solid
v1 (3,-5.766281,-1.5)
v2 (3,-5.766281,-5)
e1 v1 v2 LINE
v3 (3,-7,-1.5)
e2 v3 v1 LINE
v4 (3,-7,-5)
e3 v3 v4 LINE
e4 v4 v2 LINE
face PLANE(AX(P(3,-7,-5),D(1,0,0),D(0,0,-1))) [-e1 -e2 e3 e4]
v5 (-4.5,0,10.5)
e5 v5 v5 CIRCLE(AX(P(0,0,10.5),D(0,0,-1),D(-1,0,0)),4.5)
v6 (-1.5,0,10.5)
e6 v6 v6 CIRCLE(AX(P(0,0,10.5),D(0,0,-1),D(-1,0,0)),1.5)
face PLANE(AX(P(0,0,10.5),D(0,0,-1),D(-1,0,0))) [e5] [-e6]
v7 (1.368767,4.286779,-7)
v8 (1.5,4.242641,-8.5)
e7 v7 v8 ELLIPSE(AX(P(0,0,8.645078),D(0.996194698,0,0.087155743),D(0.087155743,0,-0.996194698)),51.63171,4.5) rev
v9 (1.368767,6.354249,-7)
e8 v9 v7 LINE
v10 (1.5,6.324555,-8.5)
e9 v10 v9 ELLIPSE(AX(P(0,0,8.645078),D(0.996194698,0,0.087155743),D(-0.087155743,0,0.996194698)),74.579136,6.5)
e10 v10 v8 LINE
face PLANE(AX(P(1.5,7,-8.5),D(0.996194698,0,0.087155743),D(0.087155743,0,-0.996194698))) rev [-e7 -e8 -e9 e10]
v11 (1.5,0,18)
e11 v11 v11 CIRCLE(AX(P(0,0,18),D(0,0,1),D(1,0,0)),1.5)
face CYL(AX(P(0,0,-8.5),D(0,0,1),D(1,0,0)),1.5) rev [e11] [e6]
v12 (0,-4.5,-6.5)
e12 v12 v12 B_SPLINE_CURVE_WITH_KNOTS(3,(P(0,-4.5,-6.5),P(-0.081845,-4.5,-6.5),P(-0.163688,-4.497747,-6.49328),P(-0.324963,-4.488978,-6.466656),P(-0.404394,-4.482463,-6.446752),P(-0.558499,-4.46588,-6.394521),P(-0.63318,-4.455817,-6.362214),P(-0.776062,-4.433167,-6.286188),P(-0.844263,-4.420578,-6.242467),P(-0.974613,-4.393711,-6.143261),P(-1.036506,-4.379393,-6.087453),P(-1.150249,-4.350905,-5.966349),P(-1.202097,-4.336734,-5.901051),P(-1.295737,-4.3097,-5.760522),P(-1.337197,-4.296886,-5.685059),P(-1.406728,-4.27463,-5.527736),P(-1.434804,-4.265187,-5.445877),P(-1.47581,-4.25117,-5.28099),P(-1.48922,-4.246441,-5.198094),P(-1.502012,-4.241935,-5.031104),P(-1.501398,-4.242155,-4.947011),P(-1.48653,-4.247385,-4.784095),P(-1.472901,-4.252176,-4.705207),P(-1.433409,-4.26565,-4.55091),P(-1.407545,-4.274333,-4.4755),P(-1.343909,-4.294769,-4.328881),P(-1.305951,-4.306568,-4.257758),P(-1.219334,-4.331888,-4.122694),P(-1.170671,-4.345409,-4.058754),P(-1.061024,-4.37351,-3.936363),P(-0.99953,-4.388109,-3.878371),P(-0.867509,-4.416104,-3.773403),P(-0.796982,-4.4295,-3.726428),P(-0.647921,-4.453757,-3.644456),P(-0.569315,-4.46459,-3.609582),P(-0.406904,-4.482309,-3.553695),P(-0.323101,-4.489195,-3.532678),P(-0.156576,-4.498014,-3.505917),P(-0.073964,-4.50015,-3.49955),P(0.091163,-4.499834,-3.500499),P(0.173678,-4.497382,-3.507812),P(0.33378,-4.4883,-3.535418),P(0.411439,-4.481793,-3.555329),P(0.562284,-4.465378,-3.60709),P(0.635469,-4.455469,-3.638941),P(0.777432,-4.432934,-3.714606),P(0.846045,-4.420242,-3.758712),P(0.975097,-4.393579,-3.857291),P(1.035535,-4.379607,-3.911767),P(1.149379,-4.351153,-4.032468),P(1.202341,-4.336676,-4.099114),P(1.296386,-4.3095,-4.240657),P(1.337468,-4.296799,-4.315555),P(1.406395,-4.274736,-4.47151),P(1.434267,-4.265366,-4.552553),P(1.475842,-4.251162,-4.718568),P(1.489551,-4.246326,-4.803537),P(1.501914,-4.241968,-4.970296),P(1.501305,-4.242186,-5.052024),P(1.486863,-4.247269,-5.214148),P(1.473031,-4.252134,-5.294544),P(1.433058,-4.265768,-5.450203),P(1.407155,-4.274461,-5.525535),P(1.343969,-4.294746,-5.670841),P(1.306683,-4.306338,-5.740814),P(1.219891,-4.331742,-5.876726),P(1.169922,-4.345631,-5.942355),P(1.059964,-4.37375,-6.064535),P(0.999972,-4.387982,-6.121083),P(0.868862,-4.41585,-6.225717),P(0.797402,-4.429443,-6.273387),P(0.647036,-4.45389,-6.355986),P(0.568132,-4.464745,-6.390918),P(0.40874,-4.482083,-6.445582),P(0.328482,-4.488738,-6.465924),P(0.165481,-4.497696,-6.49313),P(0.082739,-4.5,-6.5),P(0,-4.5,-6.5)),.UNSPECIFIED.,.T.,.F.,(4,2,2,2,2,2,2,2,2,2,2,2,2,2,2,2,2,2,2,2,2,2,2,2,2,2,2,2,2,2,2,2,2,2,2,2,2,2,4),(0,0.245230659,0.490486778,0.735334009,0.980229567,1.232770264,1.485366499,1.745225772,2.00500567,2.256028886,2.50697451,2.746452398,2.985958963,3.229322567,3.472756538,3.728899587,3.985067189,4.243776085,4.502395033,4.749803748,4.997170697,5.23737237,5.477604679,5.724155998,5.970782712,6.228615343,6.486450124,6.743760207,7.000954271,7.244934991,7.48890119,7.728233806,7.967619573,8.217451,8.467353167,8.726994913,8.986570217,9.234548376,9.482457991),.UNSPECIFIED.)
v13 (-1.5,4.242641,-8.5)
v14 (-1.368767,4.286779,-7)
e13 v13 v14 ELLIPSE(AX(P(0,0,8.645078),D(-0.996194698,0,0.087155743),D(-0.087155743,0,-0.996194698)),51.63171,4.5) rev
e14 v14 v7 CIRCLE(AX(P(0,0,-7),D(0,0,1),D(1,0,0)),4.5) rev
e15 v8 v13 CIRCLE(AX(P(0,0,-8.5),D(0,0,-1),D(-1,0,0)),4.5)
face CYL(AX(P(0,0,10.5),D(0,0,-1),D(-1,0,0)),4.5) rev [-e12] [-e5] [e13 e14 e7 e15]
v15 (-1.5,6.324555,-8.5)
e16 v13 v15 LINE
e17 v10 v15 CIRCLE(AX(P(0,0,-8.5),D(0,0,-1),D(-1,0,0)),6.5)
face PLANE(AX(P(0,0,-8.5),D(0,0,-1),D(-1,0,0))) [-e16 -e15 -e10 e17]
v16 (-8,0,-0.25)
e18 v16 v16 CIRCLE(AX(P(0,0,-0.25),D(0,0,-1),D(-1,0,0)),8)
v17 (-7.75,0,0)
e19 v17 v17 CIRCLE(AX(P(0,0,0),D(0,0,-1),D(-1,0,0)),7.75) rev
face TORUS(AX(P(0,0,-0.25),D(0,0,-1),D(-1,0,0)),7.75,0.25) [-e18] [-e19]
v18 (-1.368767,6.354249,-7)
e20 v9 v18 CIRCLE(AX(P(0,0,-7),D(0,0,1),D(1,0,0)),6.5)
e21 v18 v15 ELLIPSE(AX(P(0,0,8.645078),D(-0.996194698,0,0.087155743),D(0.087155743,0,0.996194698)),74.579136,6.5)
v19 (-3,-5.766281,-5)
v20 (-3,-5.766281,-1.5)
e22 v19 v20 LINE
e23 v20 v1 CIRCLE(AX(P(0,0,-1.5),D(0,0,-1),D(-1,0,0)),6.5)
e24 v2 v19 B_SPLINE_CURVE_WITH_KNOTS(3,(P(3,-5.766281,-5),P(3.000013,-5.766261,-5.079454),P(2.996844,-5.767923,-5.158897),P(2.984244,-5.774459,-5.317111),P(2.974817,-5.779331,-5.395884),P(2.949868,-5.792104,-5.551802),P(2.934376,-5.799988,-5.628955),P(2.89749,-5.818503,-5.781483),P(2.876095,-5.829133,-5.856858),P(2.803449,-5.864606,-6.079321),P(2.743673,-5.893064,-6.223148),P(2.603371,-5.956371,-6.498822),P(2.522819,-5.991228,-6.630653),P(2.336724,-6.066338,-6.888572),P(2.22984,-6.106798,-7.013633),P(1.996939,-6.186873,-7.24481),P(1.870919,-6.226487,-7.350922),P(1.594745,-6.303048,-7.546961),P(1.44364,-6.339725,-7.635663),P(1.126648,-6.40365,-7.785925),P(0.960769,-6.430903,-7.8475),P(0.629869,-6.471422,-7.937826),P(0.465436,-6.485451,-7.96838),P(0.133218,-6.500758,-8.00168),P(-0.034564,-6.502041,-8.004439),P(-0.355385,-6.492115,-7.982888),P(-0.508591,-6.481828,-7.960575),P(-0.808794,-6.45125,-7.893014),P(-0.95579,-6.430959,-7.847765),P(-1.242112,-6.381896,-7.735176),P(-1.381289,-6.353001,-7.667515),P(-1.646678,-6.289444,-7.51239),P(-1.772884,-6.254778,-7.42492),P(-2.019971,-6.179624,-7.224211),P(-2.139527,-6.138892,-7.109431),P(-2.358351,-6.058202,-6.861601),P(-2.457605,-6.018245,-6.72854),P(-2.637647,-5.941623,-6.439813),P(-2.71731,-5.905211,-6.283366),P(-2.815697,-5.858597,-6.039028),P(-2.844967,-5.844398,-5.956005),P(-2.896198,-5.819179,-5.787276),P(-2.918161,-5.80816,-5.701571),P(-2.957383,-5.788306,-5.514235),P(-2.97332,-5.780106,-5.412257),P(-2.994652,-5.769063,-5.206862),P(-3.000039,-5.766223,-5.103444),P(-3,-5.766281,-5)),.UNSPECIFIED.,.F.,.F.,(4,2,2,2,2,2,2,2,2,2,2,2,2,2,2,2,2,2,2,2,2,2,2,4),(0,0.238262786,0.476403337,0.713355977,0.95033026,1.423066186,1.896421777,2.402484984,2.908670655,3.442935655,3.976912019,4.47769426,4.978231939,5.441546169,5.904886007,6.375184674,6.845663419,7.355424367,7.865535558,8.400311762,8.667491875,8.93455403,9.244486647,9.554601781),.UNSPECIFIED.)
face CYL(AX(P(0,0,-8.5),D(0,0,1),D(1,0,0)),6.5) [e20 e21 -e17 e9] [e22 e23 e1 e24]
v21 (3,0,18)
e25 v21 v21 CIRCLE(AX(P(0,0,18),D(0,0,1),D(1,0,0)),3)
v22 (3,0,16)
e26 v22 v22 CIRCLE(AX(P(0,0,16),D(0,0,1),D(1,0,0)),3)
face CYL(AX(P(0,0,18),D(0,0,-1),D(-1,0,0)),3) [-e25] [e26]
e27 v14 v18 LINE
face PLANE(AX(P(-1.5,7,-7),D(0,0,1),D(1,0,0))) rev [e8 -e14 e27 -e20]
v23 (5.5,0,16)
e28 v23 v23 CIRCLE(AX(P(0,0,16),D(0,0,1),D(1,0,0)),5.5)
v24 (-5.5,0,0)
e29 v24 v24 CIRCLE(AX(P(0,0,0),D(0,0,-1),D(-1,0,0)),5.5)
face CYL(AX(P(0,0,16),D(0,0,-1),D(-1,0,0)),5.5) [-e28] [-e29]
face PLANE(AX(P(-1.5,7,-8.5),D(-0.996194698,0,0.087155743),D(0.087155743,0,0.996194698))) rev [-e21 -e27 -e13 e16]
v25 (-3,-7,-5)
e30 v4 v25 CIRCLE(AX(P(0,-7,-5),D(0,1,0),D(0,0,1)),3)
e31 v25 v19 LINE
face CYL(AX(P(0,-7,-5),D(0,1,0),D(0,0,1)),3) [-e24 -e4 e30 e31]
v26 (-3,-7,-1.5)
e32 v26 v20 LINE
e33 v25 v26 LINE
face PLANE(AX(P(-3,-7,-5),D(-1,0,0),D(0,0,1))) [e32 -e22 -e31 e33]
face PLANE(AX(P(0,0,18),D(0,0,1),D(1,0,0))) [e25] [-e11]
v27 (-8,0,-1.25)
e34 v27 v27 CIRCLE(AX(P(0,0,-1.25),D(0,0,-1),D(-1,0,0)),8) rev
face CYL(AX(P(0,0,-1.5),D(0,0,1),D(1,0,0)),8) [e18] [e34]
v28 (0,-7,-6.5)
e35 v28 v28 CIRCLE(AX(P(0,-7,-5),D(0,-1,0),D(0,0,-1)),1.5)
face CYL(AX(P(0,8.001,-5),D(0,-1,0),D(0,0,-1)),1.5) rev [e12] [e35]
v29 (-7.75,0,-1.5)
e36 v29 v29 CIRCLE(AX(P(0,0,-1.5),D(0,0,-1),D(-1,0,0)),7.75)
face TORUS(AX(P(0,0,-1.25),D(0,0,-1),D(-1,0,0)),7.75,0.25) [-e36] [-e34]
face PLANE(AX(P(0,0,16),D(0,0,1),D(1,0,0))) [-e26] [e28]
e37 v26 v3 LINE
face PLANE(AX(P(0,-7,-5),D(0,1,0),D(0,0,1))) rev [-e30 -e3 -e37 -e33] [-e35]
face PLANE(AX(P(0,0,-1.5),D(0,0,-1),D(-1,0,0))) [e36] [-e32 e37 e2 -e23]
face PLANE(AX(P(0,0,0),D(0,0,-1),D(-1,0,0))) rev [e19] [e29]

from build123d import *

# Parameters (mm, degrees)
ESQUISSE1_R             = 5.5
BASE_EXTRUSION_DEPTH    = 16
ESQUISSE2_R             = 3
BOSS_EXTRU_1_DEPTH      = 2
ESQUISSE3_R             = 8
BOSS_EXTRU_2_DEPTH      = 1.5
ESQUISSE4_R             = 6.5
BOSS_EXTRU_3_DEPTH      = 7
ESQUISSE5_R             = 4.5
ENL_V_MAT_EXTRU_1_DEPTH = 19
ESQUISSE6_W             = 3
ESQUISSE6_H             = 4
ENL_V_MAT_EXTRU_2_DEPTH = 1.5
ENL_V_MAT_EXTRU_2_TAPER = 5
BOSS_EXTRU_4_DEPTH      = 2
ENL_V_MAT_EXTRU_3_REACH = 17
ESQUISSE8_R             = 1.5
ESQUISSE9_R             = 1.5
ENL_V_MAT_EXTRU_4_DEPTH = 27.5000001
CONG_2_R                = 0.25


with BuildPart() as part:
    # Esquisse1 → Base-Extrusion (new body)
    with BuildSketch(Plane.XY):
        Circle(ESQUISSE1_R)
    extrude(amount=BASE_EXTRUSION_DEPTH)

    # Esquisse2 → Boss.-Extru.1 (add)
    with BuildSketch(Plane.XY.offset(16)):
        Circle(ESQUISSE2_R)
    extrude(amount=BOSS_EXTRU_1_DEPTH)

    # Esquisse3 → Boss.-Extru.2 (add)
    with BuildSketch(Plane(origin=(0, 0, 0), x_dir=(-1, 0, 0), z_dir=(0, 0, -1))):
        Circle(ESQUISSE3_R)
    extrude(amount=BOSS_EXTRU_2_DEPTH)

    # Esquisse4 → Boss.-Extru.3 (add)
    with BuildSketch(Plane(origin=(0, 0, -1.5), x_dir=(-1, 0, 0), z_dir=(0, 0, -1))):
        Circle(ESQUISSE4_R)
    extrude(amount=BOSS_EXTRU_3_DEPTH)

    # Esquisse5 → Enlèv. mat.-Extru.1 (cut)
    with BuildSketch(Plane(origin=(0, 0, -8.5), x_dir=(-1, 0, 0), z_dir=(0, 0, -1))):
        Circle(ESQUISSE5_R)
    extrude(amount=-ENL_V_MAT_EXTRU_1_DEPTH, mode=Mode.SUBTRACT)

    # Esquisse6 → Enlèv. mat.-Extru.2 (cut)
    with BuildSketch(Plane(origin=(0, 0, -8.5), x_dir=(-1, 0, 0), z_dir=(0, 0, -1))):
        with Locations((0, 5)):
            Rectangle(ESQUISSE6_W, ESQUISSE6_H)
    extrude(amount=-ENL_V_MAT_EXTRU_2_DEPTH, taper=ENL_V_MAT_EXTRU_2_TAPER, mode=Mode.SUBTRACT)

    # Esquisse7 → Boss.-Extru.4 (add)
    with BuildSketch(Plane(origin=(0, -5, 0), x_dir=(-1, 0, 0), z_dir=(0, 1, 0))):
        with BuildLine():
            Line((3, -5), (3, -1.5))
            Line((3, -1.5), (-3, -1.5))
            Line((-3, -1.5), (-3, -5))
            ThreePointArc((-3, -5), (0, -8), (3, -5))
        make_face()
    extrude(amount=-BOSS_EXTRU_4_DEPTH)

    # Esquisse8 → Enlèv. mat.-Extru.3 (cut, up to next)
    with BuildSketch(Plane.XZ.offset(7), mode=Mode.PRIVATE) as enl_v_mat_extru_3_sk1:
        with Locations((0, -5)):
            Circle(ESQUISSE8_R)
    enl_v_mat_extru_3_tool1 = extrude(enl_v_mat_extru_3_sk1.sketch, amount=-ENL_V_MAT_EXTRU_3_REACH, mode=Mode.PRIVATE) & part.part
    add(enl_v_mat_extru_3_tool1.solids().sort_by_distance((0, -7, -5))[0], mode=Mode.SUBTRACT)

    # Esquisse9 → Enlèv. mat.-Extru.4 (cut, through all)
    with BuildSketch(Plane.XY.offset(18)):
        Circle(ESQUISSE9_R)
    extrude(amount=-ENL_V_MAT_EXTRU_4_DEPTH, mode=Mode.SUBTRACT)

    # Congé2
    cong_2_edges = [part.edges().sort_by_distance(p)[0] for p in [
        (8, 0, 0),
        (8, 0, -1.5),
    ]]
    fillet(cong_2_edges, radius=CONG_2_R)


solid = part.part
